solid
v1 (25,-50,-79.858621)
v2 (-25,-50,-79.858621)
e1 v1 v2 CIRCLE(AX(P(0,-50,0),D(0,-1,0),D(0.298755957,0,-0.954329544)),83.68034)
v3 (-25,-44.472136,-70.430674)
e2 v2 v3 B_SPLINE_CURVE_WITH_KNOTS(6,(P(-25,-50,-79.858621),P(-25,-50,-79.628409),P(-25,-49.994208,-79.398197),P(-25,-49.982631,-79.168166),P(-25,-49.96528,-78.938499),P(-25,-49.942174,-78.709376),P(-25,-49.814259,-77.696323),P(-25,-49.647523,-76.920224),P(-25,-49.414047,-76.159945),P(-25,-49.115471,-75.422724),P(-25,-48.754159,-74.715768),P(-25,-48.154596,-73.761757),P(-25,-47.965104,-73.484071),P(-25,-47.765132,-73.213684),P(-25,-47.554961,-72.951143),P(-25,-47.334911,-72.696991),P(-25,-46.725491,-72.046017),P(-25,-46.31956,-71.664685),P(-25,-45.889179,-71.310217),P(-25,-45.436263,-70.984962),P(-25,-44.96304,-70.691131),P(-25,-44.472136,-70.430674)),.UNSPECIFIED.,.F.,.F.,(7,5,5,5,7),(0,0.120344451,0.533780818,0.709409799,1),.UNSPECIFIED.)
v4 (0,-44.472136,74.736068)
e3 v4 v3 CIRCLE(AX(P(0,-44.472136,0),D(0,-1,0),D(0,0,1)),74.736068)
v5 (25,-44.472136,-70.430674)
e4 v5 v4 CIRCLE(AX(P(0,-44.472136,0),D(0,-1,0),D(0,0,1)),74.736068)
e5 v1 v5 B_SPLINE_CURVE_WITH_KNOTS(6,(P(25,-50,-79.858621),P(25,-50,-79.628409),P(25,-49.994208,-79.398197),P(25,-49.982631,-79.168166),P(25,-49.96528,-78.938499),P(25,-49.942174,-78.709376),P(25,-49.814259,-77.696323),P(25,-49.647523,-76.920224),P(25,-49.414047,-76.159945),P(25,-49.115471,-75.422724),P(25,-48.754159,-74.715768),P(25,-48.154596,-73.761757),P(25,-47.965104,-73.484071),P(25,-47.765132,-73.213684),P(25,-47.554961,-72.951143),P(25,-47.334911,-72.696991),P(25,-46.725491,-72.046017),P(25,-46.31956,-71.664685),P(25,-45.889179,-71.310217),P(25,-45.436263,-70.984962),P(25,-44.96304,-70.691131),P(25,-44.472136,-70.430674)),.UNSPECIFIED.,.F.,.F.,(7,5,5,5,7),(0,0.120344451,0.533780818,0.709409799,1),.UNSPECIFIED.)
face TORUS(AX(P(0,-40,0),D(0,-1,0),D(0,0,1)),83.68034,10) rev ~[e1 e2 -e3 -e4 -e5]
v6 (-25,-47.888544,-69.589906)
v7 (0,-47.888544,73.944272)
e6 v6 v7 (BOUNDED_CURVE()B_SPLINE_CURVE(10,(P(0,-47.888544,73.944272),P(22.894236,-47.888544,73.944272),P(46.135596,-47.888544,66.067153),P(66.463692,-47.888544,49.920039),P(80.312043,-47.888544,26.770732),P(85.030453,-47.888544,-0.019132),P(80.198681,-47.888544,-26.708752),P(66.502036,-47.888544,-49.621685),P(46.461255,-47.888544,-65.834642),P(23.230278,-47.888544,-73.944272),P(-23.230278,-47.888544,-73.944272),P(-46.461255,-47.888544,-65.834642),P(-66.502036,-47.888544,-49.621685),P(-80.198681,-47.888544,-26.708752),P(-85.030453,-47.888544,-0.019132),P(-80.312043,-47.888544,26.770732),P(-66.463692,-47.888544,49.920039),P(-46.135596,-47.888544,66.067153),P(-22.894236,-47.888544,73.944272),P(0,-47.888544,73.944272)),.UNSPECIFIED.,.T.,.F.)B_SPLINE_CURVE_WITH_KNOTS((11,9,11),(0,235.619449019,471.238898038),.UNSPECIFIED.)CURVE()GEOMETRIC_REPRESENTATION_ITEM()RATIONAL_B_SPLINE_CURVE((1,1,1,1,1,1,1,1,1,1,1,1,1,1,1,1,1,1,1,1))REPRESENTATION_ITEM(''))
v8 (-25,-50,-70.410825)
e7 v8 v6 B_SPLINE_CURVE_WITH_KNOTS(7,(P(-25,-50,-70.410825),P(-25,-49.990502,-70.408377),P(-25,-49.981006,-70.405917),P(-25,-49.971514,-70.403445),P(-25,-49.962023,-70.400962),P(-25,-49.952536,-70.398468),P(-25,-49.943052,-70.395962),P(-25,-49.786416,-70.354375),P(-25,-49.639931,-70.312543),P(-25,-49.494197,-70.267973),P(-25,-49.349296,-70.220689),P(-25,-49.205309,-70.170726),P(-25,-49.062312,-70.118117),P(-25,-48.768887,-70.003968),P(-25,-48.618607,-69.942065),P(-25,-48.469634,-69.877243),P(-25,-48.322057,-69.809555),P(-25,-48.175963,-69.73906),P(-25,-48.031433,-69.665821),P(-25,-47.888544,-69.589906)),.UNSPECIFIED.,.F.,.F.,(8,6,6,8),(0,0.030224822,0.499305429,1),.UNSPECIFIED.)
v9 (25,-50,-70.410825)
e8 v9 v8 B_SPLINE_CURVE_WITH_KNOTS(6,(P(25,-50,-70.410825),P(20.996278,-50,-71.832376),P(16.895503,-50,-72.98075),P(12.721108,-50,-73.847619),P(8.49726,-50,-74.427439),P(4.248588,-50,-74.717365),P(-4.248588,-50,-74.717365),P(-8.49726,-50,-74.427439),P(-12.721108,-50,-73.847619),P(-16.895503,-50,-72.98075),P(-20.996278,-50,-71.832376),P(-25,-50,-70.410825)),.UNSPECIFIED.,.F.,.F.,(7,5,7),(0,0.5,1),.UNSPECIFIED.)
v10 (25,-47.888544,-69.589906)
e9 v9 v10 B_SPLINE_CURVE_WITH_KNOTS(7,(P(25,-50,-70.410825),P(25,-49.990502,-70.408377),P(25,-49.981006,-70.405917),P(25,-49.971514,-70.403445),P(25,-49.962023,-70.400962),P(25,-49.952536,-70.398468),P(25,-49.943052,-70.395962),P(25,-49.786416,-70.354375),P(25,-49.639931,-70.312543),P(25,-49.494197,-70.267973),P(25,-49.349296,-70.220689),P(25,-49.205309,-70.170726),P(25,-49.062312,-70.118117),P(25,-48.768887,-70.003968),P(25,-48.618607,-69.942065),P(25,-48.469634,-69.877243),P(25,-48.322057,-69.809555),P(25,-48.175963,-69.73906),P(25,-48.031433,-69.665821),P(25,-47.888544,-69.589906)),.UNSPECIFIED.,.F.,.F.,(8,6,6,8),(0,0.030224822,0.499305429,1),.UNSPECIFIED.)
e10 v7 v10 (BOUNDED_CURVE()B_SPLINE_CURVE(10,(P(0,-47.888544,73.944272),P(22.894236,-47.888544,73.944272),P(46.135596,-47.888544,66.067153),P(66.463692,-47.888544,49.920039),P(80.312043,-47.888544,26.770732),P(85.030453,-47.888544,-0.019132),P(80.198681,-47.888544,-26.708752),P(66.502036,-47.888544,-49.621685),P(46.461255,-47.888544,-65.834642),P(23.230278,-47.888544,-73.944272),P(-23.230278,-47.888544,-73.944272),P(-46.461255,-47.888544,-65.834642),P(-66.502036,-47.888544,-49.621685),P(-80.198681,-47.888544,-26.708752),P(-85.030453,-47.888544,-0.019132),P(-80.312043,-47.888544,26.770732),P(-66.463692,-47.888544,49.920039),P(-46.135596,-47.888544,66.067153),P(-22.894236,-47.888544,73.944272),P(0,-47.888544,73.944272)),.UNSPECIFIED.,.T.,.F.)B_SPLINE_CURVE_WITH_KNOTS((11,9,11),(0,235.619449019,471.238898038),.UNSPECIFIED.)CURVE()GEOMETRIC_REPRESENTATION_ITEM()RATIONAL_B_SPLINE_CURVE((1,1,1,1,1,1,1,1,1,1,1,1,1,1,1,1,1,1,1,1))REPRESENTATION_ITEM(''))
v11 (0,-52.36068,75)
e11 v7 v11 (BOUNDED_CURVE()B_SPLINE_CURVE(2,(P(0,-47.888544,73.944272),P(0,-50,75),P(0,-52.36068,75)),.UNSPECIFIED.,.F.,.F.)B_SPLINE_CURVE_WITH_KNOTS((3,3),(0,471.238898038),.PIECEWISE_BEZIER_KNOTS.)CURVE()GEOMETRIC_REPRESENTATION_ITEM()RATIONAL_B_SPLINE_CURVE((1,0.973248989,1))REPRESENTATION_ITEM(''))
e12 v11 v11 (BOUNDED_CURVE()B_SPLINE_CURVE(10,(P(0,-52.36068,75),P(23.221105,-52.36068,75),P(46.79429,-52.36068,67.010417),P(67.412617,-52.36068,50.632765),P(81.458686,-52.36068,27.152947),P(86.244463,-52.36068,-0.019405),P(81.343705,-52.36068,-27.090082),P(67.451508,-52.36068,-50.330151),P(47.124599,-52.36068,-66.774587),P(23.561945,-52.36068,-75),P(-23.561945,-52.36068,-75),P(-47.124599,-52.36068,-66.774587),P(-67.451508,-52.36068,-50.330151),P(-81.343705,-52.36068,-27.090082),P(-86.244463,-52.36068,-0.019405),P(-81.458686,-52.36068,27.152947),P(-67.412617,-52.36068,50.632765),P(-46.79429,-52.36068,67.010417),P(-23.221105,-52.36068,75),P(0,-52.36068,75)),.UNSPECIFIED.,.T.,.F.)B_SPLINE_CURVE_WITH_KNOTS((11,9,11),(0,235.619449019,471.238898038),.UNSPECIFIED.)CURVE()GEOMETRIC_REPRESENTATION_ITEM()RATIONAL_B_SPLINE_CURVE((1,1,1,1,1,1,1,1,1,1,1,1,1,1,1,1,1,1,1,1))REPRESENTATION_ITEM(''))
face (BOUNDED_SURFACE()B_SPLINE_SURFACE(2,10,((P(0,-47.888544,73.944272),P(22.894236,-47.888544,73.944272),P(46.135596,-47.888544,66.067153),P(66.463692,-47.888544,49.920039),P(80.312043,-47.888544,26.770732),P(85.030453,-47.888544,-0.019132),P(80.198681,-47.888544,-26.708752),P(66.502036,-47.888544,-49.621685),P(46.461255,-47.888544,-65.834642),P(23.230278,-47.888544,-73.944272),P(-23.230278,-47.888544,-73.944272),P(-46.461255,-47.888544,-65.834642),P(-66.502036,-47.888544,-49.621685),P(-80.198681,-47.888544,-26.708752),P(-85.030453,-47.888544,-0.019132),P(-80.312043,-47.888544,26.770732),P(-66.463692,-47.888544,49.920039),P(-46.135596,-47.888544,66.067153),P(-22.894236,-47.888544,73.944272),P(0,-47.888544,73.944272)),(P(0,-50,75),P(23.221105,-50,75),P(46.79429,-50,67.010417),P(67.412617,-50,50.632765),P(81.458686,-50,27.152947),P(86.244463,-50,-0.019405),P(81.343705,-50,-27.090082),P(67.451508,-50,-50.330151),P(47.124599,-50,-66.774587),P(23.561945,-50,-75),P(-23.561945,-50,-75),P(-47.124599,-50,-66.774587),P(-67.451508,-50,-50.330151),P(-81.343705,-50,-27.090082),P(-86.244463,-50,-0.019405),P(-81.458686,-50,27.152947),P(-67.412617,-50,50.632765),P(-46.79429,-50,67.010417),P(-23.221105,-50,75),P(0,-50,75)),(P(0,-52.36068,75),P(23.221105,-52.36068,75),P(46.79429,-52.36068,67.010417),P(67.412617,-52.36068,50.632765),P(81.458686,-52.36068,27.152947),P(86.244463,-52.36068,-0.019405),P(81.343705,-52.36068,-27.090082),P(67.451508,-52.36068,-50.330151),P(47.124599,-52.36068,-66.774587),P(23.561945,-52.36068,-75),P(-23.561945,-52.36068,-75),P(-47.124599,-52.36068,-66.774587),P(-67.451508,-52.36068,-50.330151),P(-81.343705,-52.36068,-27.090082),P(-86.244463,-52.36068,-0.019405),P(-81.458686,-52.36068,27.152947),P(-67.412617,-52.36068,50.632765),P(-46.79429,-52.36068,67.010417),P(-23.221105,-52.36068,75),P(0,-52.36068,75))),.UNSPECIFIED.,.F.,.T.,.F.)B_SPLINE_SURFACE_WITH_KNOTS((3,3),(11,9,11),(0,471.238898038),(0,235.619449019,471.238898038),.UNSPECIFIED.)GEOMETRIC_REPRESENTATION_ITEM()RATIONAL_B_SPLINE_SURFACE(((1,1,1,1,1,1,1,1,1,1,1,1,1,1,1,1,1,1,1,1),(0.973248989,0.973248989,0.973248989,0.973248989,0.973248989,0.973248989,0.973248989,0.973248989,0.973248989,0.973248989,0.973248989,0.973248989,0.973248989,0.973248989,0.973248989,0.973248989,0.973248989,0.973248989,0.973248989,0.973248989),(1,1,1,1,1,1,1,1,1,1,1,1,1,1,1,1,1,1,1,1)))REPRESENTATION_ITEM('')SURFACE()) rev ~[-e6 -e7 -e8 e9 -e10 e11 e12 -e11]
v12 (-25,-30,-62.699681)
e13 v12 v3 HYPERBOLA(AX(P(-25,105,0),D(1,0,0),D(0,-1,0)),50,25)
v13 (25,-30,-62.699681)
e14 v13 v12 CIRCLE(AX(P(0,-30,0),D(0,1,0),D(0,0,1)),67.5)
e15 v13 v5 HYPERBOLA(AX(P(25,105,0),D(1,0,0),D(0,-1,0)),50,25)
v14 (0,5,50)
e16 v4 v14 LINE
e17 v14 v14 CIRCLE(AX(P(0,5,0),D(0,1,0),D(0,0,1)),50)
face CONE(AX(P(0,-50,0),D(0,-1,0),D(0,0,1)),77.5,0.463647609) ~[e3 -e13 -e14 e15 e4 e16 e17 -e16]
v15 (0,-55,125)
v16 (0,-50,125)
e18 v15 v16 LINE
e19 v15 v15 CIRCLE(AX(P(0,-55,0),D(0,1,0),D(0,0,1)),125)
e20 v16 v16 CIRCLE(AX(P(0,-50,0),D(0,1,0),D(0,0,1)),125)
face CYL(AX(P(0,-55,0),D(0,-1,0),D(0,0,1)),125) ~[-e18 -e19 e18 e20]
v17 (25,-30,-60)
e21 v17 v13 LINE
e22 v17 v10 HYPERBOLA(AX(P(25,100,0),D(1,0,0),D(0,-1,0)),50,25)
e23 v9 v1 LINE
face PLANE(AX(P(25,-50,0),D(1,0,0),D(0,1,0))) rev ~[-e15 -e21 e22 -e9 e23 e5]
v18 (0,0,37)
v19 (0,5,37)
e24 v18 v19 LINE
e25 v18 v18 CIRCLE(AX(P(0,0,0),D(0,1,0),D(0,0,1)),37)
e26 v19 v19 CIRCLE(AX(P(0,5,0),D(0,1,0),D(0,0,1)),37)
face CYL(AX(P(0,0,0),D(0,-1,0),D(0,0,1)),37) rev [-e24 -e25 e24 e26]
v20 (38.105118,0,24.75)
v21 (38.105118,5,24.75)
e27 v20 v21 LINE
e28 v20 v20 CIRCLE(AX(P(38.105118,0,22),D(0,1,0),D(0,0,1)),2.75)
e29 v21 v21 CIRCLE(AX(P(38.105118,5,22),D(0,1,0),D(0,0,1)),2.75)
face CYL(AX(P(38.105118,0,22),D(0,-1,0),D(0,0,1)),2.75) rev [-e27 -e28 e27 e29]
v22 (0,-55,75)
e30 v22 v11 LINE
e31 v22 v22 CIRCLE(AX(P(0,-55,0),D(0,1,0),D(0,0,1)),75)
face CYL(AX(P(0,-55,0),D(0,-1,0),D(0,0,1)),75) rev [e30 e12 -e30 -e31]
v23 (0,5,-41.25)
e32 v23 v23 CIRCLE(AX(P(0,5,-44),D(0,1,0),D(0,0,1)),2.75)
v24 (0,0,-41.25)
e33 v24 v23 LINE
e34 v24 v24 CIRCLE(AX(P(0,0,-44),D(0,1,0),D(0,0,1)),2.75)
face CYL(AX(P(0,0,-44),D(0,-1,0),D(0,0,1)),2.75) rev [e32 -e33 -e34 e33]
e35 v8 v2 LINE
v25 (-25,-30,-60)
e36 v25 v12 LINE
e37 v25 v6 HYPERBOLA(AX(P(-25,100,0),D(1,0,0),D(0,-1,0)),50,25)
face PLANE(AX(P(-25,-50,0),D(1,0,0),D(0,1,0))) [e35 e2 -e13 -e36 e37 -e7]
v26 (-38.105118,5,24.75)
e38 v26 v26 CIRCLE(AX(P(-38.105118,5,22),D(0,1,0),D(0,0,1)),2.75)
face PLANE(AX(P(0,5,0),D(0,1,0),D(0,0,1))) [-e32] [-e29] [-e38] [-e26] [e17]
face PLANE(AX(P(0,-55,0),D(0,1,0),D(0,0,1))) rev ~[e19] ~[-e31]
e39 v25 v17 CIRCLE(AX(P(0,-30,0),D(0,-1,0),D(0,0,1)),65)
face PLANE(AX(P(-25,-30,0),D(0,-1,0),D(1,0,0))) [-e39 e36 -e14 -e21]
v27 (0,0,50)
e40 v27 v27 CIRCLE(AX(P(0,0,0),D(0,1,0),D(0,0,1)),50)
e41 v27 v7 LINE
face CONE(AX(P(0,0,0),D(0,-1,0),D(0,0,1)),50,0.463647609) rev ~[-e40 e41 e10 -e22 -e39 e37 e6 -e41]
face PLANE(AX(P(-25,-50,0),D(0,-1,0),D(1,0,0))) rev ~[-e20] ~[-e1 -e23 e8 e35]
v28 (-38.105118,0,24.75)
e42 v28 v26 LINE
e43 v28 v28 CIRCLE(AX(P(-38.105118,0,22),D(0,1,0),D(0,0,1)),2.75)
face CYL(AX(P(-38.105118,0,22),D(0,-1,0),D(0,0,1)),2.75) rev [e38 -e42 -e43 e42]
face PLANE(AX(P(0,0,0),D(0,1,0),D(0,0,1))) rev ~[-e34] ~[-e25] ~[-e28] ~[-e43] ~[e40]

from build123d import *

# Parameters (mm, degrees)
SKETCH1_R           = 50
SKETCH1_R_2         = 2.75
SKETCH1_R_3         = 37
BOSS_EXTRUDE1_DEPTH = 5
SKETCH2_R           = 125
SKETCH2_R_2         = 75
BOSS_EXTRUDE2_DEPTH = 5
FILLET1_R           = 10
SKETCH4_W           = 50
SKETCH4_H           = 20
CUT_EXTRUDE1_DEPTH  = 186.135085845


with BuildPart() as part:
    # Sketch1 → Boss-Extrude1 (new body)
    with BuildSketch(Plane(origin=(0, 0, 0), x_dir=(1, 0, 0), z_dir=(0, 1, 0))):
        with Locations(Location((0, 0, 0), (0, 0, 270))):
            Circle(SKETCH1_R)
        with Locations(Location((0, 44, 0), (0, 0, 270))):
            Circle(SKETCH1_R_2, mode=Mode.SUBTRACT)
        with Locations(Location((38.105117767, -22, 0), (0, 0, 270))):
            Circle(SKETCH1_R_2, mode=Mode.SUBTRACT)
        with Locations(Location((-38.105117767, -22, 0), (0, 0, 270))):
            Circle(SKETCH1_R_2, mode=Mode.SUBTRACT)
        with Locations(Location((0, 0, 0), (0, 0, 270))):
            Circle(SKETCH1_R_3, mode=Mode.SUBTRACT)
    extrude(amount=BOSS_EXTRUDE1_DEPTH)



with BuildPart() as body_2:
    # Sketch2 → Boss-Extrude2 (new body)
    with BuildSketch(Plane(origin=(0, -55, 0), x_dir=(1, 0, 0), z_dir=(0, 1, 0))):
        with Locations(Location((0, 0, 0), (0, 0, 270))):
            Circle(SKETCH2_R)
        with Locations(Location((0, 0, 0), (0, 0, 270))):
            Circle(SKETCH2_R_2, mode=Mode.SUBTRACT)
    extrude(amount=BOSS_EXTRUDE2_DEPTH)


with BuildPart() as part_1:
    add(part.part)

    add(body_2.part)  # Revolve1 merges body 2
    # Sketch3 → Revolve1 (revolve)
    with BuildSketch(Plane.XY, mode=Mode.PRIVATE) as revolve1_sk:
        Polygon((-50, 0), (-75, -50), (-77.5, -50), (-50, 5), align=None)
    revolve(revolve1_sk.sketch.rotate(Axis((0, 0, 0), (0, -1, 0)), 270), axis=Axis((0, 0, 0), (0, -1, 0)))

    # Fillet1
    fillet1_edges = [part_1.edges().sort_by_distance(p)[0] for p in [
        (0, -50, -75),
        (0, -50, -77.5),
    ]]
    fillet(fillet1_edges, radius=FILLET1_R)

    # Sketch4 → Cut-Extrude1 (cut, through all)
    with BuildSketch(Plane.XY):
        with Locations((0, -40)):
            Rectangle(SKETCH4_W, SKETCH4_H)
    extrude(amount=-CUT_EXTRUDE1_DEPTH, mode=Mode.SUBTRACT)


solid = part_1.part
